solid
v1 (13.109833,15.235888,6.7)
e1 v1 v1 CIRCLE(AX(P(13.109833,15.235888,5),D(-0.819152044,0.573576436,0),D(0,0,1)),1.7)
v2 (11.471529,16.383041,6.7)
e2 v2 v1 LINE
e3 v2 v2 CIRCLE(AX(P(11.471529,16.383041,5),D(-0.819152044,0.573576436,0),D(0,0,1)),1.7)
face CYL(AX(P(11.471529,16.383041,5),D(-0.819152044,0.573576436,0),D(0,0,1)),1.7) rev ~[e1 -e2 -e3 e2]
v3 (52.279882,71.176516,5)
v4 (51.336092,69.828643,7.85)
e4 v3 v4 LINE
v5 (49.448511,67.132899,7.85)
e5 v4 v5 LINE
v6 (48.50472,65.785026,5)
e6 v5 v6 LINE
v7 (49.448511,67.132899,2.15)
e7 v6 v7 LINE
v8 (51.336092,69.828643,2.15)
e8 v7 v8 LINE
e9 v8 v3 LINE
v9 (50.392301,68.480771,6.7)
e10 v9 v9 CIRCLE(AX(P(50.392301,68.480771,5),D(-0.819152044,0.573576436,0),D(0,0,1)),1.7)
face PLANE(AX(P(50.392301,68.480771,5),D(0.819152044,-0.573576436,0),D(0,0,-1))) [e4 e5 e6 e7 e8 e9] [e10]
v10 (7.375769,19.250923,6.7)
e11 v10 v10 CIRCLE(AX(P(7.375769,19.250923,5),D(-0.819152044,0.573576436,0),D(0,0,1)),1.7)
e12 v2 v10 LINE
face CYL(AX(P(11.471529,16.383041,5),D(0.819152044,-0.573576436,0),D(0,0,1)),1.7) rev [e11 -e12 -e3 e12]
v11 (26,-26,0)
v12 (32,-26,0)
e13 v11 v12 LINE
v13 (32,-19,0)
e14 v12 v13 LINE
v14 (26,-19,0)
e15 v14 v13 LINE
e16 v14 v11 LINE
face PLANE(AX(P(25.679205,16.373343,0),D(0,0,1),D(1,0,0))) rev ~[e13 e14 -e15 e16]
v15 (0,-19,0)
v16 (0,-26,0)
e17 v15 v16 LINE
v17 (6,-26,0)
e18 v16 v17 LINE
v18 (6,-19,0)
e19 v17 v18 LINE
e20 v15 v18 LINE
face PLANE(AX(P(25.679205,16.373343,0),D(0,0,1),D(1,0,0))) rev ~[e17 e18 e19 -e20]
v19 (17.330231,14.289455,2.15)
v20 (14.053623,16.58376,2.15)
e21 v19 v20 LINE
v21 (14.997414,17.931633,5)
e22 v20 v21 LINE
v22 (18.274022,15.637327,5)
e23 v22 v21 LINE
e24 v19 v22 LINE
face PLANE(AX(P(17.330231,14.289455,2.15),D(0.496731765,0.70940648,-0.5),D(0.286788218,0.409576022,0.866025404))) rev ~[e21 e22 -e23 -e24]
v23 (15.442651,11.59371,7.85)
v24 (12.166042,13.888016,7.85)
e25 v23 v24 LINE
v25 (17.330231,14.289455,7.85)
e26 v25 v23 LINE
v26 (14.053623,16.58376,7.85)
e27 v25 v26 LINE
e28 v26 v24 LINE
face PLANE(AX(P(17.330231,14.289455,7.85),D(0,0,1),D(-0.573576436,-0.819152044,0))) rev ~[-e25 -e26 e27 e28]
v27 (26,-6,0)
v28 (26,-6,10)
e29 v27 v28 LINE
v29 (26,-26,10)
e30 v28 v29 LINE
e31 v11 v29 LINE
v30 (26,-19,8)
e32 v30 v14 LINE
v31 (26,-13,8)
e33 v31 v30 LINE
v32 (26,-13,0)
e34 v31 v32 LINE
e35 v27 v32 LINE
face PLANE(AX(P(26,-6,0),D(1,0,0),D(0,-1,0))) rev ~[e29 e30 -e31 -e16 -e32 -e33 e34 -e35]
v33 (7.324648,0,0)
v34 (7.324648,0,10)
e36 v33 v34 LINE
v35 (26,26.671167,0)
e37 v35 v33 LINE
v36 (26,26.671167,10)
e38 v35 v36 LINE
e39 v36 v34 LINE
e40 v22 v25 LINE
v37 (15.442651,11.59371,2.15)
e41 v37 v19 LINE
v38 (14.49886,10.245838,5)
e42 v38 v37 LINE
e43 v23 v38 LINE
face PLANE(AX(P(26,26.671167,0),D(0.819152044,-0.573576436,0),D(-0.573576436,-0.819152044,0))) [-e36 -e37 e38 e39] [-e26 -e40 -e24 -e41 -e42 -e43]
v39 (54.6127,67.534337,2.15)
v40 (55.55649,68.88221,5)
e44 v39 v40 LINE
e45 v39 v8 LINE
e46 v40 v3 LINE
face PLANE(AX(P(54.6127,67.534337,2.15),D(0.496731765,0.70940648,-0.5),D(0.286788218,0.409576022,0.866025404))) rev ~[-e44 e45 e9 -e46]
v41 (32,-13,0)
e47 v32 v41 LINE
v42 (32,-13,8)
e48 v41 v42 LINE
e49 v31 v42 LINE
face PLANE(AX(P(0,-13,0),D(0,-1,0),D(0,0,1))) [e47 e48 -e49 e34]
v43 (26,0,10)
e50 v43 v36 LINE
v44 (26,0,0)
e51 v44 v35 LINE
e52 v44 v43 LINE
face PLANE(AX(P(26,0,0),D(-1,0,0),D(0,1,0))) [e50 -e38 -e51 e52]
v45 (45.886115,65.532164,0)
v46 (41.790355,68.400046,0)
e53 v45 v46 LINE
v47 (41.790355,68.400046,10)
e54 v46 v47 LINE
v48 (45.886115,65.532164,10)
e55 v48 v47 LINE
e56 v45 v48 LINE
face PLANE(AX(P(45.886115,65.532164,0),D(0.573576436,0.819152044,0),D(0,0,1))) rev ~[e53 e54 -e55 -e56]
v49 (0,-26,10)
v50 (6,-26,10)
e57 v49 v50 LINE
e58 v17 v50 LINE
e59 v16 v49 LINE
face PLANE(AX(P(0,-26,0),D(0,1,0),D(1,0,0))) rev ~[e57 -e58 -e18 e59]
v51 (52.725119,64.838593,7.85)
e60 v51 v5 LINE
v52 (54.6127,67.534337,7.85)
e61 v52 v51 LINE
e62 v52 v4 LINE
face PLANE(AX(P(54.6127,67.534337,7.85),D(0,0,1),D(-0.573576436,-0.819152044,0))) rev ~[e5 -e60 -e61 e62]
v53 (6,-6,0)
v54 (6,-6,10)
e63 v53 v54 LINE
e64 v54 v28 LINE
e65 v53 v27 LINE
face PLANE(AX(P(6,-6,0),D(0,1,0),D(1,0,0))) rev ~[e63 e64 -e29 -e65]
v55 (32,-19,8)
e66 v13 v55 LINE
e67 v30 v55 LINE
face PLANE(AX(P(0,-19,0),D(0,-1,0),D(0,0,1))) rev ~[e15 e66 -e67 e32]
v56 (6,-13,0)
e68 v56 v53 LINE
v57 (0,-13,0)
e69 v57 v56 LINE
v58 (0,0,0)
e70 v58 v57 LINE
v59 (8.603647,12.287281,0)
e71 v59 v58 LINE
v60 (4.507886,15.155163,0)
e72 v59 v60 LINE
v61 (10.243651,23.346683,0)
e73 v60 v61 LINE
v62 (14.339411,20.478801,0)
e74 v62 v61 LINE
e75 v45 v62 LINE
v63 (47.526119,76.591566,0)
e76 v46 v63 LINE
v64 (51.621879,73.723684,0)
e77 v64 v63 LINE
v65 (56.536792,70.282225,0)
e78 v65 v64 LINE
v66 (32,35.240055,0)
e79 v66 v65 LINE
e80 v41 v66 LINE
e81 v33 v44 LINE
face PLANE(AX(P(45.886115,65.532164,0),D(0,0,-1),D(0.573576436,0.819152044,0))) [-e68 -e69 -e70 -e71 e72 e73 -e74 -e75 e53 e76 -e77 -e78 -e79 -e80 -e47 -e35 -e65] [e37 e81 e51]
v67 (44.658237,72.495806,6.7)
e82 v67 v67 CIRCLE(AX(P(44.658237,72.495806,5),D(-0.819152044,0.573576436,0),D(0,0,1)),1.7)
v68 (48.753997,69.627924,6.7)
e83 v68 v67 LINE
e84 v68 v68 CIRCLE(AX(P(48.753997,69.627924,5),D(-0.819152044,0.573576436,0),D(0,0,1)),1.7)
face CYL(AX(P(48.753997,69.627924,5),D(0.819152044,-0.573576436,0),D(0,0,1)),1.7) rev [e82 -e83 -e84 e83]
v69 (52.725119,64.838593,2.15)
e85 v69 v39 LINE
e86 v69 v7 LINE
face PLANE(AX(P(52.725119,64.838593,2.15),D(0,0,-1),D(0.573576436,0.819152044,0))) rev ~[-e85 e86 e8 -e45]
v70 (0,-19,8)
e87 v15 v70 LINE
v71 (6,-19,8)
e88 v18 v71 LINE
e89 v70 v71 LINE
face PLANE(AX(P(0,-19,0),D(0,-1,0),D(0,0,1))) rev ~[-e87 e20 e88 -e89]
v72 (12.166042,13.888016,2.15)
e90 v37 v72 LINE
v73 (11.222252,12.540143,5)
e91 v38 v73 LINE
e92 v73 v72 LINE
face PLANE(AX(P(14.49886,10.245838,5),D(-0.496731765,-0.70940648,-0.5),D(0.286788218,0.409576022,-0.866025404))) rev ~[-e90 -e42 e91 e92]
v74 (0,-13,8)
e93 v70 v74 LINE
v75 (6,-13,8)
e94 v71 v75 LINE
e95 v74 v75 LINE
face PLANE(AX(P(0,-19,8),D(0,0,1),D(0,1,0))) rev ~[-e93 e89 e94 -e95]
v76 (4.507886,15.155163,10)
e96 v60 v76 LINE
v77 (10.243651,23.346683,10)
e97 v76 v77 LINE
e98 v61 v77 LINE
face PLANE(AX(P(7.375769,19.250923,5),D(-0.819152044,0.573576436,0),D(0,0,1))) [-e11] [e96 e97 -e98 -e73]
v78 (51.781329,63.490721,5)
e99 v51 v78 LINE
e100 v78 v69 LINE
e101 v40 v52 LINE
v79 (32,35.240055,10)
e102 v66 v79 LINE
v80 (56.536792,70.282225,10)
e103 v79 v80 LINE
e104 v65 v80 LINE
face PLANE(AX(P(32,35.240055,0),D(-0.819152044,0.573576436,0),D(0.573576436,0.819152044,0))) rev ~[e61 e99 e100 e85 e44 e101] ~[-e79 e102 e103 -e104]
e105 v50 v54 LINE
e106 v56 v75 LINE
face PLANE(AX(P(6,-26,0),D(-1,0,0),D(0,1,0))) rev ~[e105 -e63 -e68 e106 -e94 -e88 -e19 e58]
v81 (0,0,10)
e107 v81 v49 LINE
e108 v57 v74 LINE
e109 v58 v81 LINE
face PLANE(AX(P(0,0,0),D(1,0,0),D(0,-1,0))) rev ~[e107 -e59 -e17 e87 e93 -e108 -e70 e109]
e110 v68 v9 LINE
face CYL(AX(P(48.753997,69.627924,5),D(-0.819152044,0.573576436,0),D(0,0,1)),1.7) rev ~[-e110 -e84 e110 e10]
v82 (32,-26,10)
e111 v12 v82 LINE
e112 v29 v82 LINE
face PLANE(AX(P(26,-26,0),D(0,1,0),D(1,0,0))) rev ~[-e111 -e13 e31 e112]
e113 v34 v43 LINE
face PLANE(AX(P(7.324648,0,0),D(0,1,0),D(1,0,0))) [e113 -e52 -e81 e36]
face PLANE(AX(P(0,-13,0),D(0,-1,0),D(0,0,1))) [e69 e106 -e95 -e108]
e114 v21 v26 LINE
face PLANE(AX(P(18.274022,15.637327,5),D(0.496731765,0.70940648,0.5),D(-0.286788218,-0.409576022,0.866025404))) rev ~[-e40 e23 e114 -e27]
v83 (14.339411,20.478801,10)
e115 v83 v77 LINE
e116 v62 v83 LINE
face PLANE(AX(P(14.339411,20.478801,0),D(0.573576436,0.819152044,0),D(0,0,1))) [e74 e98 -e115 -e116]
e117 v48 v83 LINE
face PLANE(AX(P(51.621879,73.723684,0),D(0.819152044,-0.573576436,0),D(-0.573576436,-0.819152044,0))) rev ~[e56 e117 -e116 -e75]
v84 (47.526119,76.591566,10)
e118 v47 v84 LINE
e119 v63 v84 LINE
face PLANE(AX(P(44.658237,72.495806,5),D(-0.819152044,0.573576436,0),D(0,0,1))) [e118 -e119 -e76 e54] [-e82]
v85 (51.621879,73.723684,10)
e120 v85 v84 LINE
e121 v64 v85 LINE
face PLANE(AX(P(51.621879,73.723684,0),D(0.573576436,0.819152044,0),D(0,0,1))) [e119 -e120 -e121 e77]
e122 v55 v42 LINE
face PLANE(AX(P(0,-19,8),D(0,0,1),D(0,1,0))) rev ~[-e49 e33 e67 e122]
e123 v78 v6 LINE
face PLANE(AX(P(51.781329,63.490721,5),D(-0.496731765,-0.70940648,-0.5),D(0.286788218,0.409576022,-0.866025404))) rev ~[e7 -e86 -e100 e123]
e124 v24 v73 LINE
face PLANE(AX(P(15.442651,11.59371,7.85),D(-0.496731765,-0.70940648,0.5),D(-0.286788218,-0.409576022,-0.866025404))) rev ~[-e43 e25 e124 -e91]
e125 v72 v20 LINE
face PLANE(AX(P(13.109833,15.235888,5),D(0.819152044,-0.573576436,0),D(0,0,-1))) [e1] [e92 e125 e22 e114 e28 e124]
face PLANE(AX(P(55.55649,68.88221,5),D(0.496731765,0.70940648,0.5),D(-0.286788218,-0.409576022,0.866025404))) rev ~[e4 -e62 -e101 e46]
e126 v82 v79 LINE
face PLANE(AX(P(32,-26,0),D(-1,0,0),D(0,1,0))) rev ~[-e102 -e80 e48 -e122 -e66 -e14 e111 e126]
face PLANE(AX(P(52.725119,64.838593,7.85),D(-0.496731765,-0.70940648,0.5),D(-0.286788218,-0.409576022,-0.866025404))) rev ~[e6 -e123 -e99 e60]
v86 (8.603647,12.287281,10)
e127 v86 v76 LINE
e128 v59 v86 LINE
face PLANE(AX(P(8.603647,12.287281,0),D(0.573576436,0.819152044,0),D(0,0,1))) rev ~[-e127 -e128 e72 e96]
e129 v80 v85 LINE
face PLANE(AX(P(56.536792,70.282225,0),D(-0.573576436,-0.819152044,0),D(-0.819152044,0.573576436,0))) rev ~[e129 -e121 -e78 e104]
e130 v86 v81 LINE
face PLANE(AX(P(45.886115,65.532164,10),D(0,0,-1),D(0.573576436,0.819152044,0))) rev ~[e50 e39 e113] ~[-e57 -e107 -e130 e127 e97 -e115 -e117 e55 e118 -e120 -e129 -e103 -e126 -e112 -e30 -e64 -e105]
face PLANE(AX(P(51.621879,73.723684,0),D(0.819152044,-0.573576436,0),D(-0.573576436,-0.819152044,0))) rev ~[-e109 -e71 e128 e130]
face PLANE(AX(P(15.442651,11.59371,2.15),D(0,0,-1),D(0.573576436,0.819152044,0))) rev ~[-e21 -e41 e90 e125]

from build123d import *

# Parameters (mm, degrees)
RESSALTO_EXTRUS_O1_DEPTH   = 10
ESBO_O3_W                  = 8
ESBO_O3_H                  = 6
CORTE_EXTRUS_O2_DEPTH      = 1
CORTE_EXTRUS_O2_DEPTH_BACK = 57.536791537
CORTE_EXTRUS_O1_REACH      = 63.225
ESBO_O2_R                  = 1.7
ESBO_O6_W                  = 10
ESBO_O6_H                  = 10
ESBO_O6_R                  = 1.7
RESSALTO_EXTRUS_O2_DEPTH   = 5
CORTE_EXTRUS_O5_DEPTH      = 4


with BuildPart() as part:
    # Esboço1 → Ressalto-extrusão1 (new body)
    with BuildSketch(Plane.XY):
        Polygon((0, 0), (0, -26), (6, -26), (6, -6), (26, -6), (26, -26), (32, -26), (32, 35.240055442), (56.536791537, 70.282225368), (51.621879272, 73.723683986), align=None)
        Polygon((26, 0), (26, 26.671167402), (7.324647533, 0), align=None, mode=Mode.SUBTRACT)
    extrude(amount=RESSALTO_EXTRUS_O1_DEPTH)

    # Esboço3 → Corte-extrusão2 (cut, two sides)
    with BuildSketch(Plane.ZY) as corte_extrus_o2_sk:
        with Locations((4, -16)):
            Rectangle(ESBO_O3_W, ESBO_O3_H)
    extrude(amount=CORTE_EXTRUS_O2_DEPTH, mode=Mode.SUBTRACT)
    extrude(corte_extrus_o2_sk.sketch, amount=-CORTE_EXTRUS_O2_DEPTH_BACK, mode=Mode.SUBTRACT)

    # Esboço2 → Corte-extrusão1 (cut, up to next)
    with BuildSketch(Plane(origin=(0, 0, 0), x_dir=(0, 0, 1), z_dir=(-0.819152044, 0.573576436, 0)), mode=Mode.PRIVATE) as corte_extrus_o1_sk1:
        with Locations((5, 85)):
            Circle(ESBO_O2_R)
    corte_extrus_o1_tool1 = extrude(corte_extrus_o1_sk1.sketch, amount=-CORTE_EXTRUS_O1_REACH, mode=Mode.PRIVATE) & part.part
    add(corte_extrus_o1_tool1.solids().sort_by_distance((48.753997, 69.627924, 5))[0], mode=Mode.SUBTRACT)
    # Esboço2 → Corte-extrusão1 (cut, up to next)
    with BuildSketch(Plane(origin=(0, 0, 0), x_dir=(0, 0, 1), z_dir=(-0.819152044, 0.573576436, 0)), mode=Mode.PRIVATE) as corte_extrus_o1_sk2:
        with Locations((5, 20)):
            Circle(ESBO_O2_R)
    corte_extrus_o1_tool2 = extrude(corte_extrus_o1_sk2.sketch, amount=-CORTE_EXTRUS_O1_REACH, mode=Mode.PRIVATE) & part.part
    add(corte_extrus_o1_tool2.solids().sort_by_distance((11.471529, 16.383041, 5))[0], mode=Mode.SUBTRACT)

    # Esboço6 → Ressalto-extrusão2 (add)
    with BuildSketch(Plane(origin=(0, 0, 0), x_dir=(0, 0, 1), z_dir=(-0.819152044, 0.573576436, 0))):
        with Locations((5, 85)):
            Rectangle(ESBO_O6_W, ESBO_O6_H)
        with Locations((5, 85)):
            Circle(ESBO_O6_R, mode=Mode.SUBTRACT)
        with Locations((5, 20)):
            Rectangle(ESBO_O6_W, ESBO_O6_H)
        with Locations((5, 20)):
            Circle(ESBO_O6_R, mode=Mode.SUBTRACT)
    extrude(amount=RESSALTO_EXTRUS_O2_DEPTH)

    # Esboço7 → Corte-extrusão5 (cut)
    with BuildSketch(Plane(origin=(4.914912266, -3.441458618, 0), x_dir=(0, 0, -1), z_dir=(0.819152044, -0.573576436, 0))):
        Polygon((-2.15, 83.354551733), (-2.15, 86.645448267), (-5, 88.290896534), (-7.85, 86.645448267), (-7.85, 83.354551733), (-5, 81.709103466), align=None)
        Polygon((-2.15, 18.354551733), (-2.15, 21.645448267), (-5, 23.290896534), (-7.85, 21.645448267), (-7.85, 18.354551733), (-5, 16.709103466), align=None)
    extrude(amount=-CORTE_EXTRUS_O5_DEPTH, mode=Mode.SUBTRACT)


solid = part.part
